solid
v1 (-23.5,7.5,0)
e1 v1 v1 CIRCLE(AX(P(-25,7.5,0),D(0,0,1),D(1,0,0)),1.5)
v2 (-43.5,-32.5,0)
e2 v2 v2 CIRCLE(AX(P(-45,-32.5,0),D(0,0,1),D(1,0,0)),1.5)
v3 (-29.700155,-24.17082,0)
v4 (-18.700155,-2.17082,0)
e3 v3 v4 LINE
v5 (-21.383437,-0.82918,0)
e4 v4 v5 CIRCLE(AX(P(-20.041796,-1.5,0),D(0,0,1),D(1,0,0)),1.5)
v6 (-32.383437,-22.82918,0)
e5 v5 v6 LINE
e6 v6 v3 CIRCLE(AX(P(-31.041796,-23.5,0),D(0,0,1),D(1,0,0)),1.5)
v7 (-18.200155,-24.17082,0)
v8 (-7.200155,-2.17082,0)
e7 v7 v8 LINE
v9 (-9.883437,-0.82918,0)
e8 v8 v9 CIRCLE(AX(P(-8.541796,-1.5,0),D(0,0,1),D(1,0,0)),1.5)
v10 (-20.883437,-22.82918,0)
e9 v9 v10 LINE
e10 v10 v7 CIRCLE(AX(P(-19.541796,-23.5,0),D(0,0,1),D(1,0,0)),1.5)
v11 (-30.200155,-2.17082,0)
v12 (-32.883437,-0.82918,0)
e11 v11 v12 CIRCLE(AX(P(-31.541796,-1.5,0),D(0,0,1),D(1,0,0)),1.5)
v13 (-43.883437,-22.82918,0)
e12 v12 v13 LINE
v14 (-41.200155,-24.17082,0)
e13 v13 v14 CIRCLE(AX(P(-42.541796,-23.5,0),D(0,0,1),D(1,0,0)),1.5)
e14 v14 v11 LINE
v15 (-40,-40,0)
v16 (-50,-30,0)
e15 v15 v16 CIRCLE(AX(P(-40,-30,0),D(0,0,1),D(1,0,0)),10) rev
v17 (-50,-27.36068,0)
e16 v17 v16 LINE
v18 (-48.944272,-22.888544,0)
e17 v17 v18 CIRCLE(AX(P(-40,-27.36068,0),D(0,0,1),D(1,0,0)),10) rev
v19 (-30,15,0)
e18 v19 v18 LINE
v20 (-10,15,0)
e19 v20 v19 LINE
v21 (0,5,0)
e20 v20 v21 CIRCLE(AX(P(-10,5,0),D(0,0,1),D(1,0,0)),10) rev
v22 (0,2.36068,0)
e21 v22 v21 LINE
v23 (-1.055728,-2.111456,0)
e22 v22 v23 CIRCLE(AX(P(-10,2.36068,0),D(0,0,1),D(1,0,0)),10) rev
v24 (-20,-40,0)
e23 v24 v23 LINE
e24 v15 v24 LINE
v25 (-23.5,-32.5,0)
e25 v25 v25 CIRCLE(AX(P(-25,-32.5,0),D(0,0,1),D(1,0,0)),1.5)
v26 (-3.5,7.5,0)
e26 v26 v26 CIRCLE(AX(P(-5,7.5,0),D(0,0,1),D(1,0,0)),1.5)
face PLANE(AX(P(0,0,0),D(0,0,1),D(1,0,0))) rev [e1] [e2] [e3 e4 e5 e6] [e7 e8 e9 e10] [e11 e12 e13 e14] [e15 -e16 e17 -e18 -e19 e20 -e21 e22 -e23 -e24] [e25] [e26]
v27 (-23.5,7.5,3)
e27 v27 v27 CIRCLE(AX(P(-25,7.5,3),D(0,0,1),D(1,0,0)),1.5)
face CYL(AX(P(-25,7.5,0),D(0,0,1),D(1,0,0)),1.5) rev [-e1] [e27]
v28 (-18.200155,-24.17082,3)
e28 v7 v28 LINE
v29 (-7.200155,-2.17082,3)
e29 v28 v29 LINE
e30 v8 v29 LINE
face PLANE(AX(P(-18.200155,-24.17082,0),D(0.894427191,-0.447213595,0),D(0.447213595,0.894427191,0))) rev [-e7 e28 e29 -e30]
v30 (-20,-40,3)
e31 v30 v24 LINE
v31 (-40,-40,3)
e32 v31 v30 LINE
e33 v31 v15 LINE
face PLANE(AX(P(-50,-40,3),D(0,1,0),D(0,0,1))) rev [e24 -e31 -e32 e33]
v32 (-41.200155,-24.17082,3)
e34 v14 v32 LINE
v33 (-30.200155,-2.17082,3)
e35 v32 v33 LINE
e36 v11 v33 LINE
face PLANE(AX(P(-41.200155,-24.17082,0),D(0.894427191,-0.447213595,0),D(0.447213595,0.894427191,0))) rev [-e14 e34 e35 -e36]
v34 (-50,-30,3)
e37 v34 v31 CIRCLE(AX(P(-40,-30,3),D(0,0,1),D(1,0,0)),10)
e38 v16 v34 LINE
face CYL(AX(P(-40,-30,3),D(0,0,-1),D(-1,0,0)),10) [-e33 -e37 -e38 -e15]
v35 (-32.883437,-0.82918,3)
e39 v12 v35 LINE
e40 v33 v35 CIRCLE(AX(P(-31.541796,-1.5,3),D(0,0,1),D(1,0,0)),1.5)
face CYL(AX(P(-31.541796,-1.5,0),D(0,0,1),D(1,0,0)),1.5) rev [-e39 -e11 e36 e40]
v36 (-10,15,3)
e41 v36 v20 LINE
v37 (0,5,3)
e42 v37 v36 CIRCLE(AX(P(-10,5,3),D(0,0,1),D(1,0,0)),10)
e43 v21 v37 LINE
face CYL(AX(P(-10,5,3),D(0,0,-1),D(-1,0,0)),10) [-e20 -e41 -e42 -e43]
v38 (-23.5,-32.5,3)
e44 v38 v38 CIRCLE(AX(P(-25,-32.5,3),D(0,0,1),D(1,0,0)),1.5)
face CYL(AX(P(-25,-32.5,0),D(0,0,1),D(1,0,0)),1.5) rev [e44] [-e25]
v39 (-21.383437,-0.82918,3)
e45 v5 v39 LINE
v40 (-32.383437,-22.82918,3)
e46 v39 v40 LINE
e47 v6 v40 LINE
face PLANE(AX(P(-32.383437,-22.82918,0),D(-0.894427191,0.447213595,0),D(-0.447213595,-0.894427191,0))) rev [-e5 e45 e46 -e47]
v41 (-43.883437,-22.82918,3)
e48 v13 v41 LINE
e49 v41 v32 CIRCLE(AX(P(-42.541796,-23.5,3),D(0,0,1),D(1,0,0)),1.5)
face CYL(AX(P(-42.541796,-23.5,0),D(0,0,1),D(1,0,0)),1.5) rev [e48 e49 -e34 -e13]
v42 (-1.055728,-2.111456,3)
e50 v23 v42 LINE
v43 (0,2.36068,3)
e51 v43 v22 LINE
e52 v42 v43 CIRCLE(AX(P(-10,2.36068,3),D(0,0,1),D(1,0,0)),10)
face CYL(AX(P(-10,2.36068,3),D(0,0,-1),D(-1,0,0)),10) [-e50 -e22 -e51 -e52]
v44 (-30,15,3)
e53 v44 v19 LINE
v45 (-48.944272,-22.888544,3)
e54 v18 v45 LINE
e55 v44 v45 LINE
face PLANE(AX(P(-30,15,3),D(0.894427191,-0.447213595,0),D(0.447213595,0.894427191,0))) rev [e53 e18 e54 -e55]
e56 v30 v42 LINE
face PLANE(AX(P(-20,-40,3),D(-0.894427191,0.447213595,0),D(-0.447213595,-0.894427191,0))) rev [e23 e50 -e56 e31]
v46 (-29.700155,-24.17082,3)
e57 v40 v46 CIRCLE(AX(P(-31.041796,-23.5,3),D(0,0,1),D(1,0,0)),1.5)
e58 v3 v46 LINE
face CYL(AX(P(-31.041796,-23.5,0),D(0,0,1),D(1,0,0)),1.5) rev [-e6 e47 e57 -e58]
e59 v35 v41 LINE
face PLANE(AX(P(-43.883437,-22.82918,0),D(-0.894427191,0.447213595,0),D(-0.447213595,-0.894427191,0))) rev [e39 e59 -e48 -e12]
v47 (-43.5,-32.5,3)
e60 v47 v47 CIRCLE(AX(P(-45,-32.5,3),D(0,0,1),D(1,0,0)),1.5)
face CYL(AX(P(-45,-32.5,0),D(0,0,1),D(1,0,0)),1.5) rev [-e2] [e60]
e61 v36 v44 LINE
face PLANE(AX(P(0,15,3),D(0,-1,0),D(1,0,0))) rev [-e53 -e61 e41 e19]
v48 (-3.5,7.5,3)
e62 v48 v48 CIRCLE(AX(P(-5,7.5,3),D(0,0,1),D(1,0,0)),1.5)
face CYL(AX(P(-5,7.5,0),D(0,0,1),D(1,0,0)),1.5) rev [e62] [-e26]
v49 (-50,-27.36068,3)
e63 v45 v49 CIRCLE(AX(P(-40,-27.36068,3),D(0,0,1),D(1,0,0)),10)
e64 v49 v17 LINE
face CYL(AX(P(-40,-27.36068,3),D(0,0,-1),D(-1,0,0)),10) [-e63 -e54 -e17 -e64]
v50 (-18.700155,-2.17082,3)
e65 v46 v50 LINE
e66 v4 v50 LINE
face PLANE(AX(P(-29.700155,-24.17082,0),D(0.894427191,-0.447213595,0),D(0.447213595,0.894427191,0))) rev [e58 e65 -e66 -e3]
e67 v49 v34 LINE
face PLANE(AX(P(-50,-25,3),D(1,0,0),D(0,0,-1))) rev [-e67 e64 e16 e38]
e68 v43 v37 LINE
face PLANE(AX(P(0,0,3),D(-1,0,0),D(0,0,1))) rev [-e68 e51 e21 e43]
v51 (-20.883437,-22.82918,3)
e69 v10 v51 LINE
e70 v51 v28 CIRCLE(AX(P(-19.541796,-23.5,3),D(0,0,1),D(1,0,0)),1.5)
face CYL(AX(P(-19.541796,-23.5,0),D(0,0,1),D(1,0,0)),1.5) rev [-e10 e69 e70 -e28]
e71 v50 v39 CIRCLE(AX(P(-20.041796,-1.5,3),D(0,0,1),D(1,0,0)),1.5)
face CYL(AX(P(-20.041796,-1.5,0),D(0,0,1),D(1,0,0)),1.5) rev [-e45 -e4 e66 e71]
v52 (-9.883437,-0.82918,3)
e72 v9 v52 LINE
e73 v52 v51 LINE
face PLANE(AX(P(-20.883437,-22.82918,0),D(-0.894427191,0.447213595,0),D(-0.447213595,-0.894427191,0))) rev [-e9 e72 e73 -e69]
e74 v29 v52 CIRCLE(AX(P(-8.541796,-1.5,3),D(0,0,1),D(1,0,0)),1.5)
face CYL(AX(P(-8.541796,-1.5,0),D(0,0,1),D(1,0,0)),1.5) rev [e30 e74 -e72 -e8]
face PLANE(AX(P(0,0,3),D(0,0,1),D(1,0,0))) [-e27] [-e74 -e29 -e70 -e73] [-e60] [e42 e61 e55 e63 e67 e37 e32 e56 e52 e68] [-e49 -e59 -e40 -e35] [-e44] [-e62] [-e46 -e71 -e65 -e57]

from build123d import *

# Parameters (mm, degrees)
EXTRUDE_1_DEPTH     = 3
SKETCH_3_R          = 1.5
CUT_EXTRUDE_1_DEPTH = 65.101482042
FILLET_2_R          = 10
FILLET_3_R          = 10
CUT_EXTRUDE_3_DEPTH = 65.101482042


with BuildPart() as part:
    # 草图2 → 凸台-拉伸1 (new body)
    with BuildSketch(Plane.XY):
        Polygon((0, 0), (0, 15), (-30, 15), (-50, -25), (-50, -40), (-20, -40), align=None)
    extrude(amount=EXTRUDE_1_DEPTH)

    # 草图3 → 切除-拉伸1 (cut, through all)
    with BuildSketch(Plane.XY.offset(3)):
        with Locations((-5, 7.5)):
            Circle(SKETCH_3_R)
        with Locations((-25, 7.5)):
            Circle(SKETCH_3_R)
        with Locations((-45, -32.5)):
            Circle(SKETCH_3_R)
        with Locations((-25, -32.5)):
            Circle(SKETCH_3_R)
    extrude(amount=-CUT_EXTRUDE_1_DEPTH, mode=Mode.SUBTRACT)

    # 圆角2
    fillet_2_edges = [part.edges().sort_by_distance(p)[0] for p in [
        (-50, -25, 1.5),
        (0, 0, 1.5),
    ]]
    fillet(fillet_2_edges, radius=FILLET_2_R)

    # 圆角3
    fillet_3_edges = [part.edges().sort_by_distance(p)[0] for p in [
        (-50, -40, 1.5),
        (0, 15, 1.5),
    ]]
    fillet(fillet_3_edges, radius=FILLET_3_R)

    # 草图7 → 切除-拉伸3 (cut, through all)
    with BuildSketch(Plane.XY.offset(3)):
        with BuildLine():
            Line((-43.883436854, -22.829179607), (-32.883436854, -0.829179607))
            ThreePointArc((-32.883436854, -0.829179607), (-30.870975674, -0.158359214), (-30.200155281, -2.170820393))
            Line((-30.200155281, -2.170820393), (-41.200155281, -24.170820393))
            ThreePointArc((-41.200155281, -24.170820393), (-43.212616461, -24.841640786), (-43.883436854, -22.829179607))
        make_face()
        with BuildLine():
            Line((-29.700155281, -24.170820393), (-18.700155281, -2.170820393))
            ThreePointArc((-18.700155281, -2.170820393), (-19.370975674, -0.158359214), (-21.383436854, -0.829179607))
            Line((-21.383436854, -0.829179607), (-32.383436854, -22.829179607))
            ThreePointArc((-32.383436854, -22.829179607), (-31.712616461, -24.841640786), (-29.700155281, -24.170820393))
        make_face()
        with BuildLine():
            Line((-18.200155281, -24.170820393), (-7.200155281, -2.170820393))
            ThreePointArc((-7.200155281, -2.170820393), (-7.870975674, -0.158359214), (-9.883436854, -0.829179607))
            Line((-9.883436854, -0.829179607), (-20.883436854, -22.829179607))
            ThreePointArc((-20.883436854, -22.829179607), (-20.212616461, -24.841640786), (-18.200155281, -24.170820393))
        make_face()
    extrude(amount=-CUT_EXTRUDE_3_DEPTH, mode=Mode.SUBTRACT)


solid = part.part
